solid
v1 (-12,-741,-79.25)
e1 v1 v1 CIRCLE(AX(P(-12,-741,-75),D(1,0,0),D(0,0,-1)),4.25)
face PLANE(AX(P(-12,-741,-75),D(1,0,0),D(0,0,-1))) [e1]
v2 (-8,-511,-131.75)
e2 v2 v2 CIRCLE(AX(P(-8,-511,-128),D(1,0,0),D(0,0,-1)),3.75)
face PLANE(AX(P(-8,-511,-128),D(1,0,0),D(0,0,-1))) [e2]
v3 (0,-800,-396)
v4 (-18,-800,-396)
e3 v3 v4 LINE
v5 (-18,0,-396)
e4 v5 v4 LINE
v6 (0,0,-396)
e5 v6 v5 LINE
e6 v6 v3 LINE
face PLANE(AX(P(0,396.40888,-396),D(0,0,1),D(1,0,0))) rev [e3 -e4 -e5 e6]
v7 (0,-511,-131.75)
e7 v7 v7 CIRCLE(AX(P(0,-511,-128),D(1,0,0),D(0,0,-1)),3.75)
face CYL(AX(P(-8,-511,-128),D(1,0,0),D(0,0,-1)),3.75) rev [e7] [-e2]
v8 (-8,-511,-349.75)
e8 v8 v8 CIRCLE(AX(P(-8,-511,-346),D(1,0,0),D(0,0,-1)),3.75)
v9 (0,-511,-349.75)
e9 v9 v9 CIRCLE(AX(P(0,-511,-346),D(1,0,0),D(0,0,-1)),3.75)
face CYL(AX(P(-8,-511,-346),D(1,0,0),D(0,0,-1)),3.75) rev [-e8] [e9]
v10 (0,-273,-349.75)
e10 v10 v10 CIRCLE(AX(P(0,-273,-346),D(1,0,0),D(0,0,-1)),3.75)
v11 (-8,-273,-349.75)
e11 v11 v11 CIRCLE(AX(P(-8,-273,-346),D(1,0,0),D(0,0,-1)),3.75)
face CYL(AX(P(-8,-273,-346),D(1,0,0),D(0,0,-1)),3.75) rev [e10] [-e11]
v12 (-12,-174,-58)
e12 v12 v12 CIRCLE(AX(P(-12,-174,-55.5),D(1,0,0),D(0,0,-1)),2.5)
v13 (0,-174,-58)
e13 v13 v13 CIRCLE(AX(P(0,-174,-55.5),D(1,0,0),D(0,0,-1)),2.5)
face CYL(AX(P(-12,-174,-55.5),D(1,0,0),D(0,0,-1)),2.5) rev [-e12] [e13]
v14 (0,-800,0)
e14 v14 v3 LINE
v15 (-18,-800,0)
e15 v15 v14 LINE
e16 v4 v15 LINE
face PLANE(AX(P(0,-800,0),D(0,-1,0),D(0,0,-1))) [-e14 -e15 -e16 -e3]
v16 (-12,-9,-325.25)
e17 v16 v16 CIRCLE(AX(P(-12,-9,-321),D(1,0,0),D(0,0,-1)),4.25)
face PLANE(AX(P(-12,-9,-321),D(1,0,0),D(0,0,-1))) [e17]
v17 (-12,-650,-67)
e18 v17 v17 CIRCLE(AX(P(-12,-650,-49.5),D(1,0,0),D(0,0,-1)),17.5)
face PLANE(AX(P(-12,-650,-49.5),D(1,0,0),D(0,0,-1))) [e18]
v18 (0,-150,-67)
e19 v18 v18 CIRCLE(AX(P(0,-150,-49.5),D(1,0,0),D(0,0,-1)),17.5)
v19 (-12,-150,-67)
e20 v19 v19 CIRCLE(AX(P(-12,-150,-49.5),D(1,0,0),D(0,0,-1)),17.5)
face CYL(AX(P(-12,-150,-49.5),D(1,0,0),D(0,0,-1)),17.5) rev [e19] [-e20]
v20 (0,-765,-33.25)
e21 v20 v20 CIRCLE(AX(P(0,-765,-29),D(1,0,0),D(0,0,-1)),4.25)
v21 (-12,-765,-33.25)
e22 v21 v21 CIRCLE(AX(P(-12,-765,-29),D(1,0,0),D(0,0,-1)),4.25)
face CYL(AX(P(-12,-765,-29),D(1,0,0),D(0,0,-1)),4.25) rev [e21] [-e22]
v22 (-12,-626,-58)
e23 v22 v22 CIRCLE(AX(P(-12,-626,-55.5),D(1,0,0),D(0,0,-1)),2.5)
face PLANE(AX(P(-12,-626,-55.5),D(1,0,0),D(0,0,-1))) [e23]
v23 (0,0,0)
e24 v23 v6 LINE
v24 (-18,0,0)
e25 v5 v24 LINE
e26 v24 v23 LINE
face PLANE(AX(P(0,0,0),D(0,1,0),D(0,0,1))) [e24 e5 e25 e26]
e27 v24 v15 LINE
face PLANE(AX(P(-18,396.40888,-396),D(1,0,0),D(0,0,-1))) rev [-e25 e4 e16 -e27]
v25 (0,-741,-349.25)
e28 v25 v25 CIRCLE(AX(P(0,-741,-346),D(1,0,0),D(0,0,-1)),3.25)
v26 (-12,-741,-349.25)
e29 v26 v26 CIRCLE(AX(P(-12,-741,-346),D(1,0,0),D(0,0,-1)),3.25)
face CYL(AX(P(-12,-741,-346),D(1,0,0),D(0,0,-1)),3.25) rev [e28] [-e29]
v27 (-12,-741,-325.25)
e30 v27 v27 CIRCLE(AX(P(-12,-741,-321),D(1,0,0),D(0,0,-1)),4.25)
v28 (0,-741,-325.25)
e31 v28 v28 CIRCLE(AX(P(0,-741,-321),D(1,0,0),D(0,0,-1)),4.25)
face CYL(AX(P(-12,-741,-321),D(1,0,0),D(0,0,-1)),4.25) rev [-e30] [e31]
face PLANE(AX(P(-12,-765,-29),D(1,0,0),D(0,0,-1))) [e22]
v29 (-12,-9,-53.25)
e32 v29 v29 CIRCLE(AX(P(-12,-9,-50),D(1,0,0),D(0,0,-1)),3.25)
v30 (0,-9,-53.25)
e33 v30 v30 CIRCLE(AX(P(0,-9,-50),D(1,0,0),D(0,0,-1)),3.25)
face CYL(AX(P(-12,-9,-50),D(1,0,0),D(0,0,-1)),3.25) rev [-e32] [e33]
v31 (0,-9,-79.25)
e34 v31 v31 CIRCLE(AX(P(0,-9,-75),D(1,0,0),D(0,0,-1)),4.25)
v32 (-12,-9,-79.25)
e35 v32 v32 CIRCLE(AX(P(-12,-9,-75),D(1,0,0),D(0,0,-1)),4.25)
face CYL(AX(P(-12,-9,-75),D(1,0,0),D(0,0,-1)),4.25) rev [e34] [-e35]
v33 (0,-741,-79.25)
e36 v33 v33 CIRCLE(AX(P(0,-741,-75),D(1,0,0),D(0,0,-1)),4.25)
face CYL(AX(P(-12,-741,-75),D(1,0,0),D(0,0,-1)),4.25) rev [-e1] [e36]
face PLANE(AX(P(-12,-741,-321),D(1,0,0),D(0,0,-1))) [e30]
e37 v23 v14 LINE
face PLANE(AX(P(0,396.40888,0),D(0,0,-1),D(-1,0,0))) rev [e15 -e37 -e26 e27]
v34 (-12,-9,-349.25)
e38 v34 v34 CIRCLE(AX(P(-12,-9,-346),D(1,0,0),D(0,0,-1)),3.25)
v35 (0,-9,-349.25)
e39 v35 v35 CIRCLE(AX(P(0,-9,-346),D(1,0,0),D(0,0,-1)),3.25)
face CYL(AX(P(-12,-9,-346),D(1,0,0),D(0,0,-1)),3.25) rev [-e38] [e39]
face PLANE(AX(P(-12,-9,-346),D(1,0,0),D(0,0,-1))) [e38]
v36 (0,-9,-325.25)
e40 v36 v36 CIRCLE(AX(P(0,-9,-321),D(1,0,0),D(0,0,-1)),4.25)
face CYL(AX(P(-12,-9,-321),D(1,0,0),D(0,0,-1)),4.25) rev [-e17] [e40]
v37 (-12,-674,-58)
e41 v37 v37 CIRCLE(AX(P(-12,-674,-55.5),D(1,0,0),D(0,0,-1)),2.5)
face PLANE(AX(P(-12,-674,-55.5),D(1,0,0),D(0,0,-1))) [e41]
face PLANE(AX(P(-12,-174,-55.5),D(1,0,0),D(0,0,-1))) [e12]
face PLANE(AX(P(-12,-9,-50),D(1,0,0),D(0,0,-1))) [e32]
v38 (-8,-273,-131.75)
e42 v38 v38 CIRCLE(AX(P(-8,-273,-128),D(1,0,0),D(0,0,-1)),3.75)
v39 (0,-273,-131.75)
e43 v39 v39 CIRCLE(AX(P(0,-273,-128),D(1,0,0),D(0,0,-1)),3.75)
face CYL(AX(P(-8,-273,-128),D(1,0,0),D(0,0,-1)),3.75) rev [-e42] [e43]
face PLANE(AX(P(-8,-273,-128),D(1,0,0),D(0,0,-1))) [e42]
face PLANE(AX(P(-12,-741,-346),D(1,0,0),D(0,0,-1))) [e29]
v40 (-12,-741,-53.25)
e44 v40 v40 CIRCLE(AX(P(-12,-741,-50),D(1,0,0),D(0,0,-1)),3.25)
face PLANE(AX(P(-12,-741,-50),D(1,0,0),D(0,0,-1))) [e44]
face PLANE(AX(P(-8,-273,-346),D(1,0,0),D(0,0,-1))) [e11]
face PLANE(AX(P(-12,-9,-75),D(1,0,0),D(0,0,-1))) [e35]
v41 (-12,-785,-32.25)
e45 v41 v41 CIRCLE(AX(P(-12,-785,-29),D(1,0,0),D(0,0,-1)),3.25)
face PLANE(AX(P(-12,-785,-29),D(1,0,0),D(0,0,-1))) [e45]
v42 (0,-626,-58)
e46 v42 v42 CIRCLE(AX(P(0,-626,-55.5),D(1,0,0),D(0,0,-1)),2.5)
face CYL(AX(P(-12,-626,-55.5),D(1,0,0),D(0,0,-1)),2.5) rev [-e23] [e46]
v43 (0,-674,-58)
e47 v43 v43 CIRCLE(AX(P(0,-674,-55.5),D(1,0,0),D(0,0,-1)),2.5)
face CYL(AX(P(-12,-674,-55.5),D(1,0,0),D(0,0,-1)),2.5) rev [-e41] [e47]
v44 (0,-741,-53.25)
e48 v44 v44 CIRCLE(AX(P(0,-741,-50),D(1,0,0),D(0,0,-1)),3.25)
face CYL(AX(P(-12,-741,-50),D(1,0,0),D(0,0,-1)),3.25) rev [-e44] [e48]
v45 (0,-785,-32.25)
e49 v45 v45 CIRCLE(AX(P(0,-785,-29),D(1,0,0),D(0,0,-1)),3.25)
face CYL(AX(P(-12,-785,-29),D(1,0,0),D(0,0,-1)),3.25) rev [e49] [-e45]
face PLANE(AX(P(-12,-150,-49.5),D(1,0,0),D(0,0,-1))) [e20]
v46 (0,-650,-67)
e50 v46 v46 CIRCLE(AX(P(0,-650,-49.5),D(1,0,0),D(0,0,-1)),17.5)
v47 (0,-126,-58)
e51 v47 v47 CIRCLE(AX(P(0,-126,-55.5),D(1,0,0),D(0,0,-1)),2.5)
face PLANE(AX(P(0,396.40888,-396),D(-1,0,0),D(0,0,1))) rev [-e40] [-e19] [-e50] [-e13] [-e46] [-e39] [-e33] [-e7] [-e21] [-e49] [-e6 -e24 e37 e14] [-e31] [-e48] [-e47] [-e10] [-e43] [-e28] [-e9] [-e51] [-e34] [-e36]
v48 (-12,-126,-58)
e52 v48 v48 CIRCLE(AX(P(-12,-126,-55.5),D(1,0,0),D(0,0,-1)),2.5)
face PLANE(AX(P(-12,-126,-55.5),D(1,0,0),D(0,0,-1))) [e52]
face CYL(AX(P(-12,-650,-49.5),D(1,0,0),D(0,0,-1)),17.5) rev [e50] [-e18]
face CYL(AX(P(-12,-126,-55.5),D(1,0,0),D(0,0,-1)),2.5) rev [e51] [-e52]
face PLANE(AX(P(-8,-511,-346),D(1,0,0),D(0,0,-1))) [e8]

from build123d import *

# Parameters (mm, degrees)
SKETCH1_W                      = 18
SKETCH1_H                      = 396
LEFT_HAND_END_DEPTH            = 800
SKETCH3_R                      = 3.75
SHELF_MOUNT_HOLES_DEPTH        = 8
SKETCH2_R                      = 3.25
SKETCH2_R_2                    = 4.25
BASE_AND_TOP_MOUNT_HOLES_DEPTH = 12
SKETCH4_R                      = 17.5
SKETCH4_R_2                    = 2.5
HINGE_HOLES_DEPTH              = 12


with BuildPart() as part:
    # Sketch1 → Left Hand End (new body)
    with BuildSketch(Plane(origin=(0, -800, 0), x_dir=(-1, 0, 0), z_dir=(0, 1, 0))):
        with Locations((9, -198)):
            Rectangle(SKETCH1_W, SKETCH1_H)
    extrude(amount=LEFT_HAND_END_DEPTH)

    # Sketch3 → Shelf Mount Holes (cut)
    with BuildSketch(Plane(origin=(0, 0, 0), x_dir=(0, 0, -1), z_dir=(1, 0, 0))):
        with Locations((128, -511)):
            Circle(SKETCH3_R)
        with Locations((346, -511)):
            Circle(SKETCH3_R)
        with Locations((346, -273)):
            Circle(SKETCH3_R)
        with Locations((128, -273)):
            Circle(SKETCH3_R)
    extrude(amount=-SHELF_MOUNT_HOLES_DEPTH, mode=Mode.SUBTRACT)

    # Sketch2 → Base and Top Mount Holes (cut)
    with BuildSketch(Plane(origin=(0, 0, 0), x_dir=(0, 0, -1), z_dir=(1, 0, 0))):
        with Locations((50, -9)):
            Circle(SKETCH2_R)
        with Locations((346, -9)):
            Circle(SKETCH2_R)
        with Locations((75, -9)):
            Circle(SKETCH2_R_2)
        with Locations((321, -9)):
            Circle(SKETCH2_R_2)
        with Locations((50, -741)):
            Circle(SKETCH2_R)
        with Locations((75, -741)):
            Circle(SKETCH2_R_2)
        with Locations((321, -741)):
            Circle(SKETCH2_R_2)
        with Locations((346, -741)):
            Circle(SKETCH2_R)
        with Locations((29, -765)):
            Circle(SKETCH2_R_2)
        with Locations((29, -785)):
            Circle(SKETCH2_R)
    extrude(amount=-BASE_AND_TOP_MOUNT_HOLES_DEPTH, mode=Mode.SUBTRACT)

    # Sketch4 → Hinge Holes (cut)
    with BuildSketch(Plane(origin=(0, 0, 0), x_dir=(0, 0, -1), z_dir=(1, 0, 0))):
        with Locations((49.5, -650)):
            Circle(SKETCH4_R)
        with Locations((55.5, -626)):
            Circle(SKETCH4_R_2)
        with Locations((55.5, -674)):
            Circle(SKETCH4_R_2)
        with Locations((49.5, -150)):
            Circle(SKETCH4_R)
        with Locations((55.5, -126)):
            Circle(SKETCH4_R_2)
        with Locations((55.5, -174)):
            Circle(SKETCH4_R_2)
    extrude(amount=-HINGE_HOLES_DEPTH, mode=Mode.SUBTRACT)


solid = part.part
